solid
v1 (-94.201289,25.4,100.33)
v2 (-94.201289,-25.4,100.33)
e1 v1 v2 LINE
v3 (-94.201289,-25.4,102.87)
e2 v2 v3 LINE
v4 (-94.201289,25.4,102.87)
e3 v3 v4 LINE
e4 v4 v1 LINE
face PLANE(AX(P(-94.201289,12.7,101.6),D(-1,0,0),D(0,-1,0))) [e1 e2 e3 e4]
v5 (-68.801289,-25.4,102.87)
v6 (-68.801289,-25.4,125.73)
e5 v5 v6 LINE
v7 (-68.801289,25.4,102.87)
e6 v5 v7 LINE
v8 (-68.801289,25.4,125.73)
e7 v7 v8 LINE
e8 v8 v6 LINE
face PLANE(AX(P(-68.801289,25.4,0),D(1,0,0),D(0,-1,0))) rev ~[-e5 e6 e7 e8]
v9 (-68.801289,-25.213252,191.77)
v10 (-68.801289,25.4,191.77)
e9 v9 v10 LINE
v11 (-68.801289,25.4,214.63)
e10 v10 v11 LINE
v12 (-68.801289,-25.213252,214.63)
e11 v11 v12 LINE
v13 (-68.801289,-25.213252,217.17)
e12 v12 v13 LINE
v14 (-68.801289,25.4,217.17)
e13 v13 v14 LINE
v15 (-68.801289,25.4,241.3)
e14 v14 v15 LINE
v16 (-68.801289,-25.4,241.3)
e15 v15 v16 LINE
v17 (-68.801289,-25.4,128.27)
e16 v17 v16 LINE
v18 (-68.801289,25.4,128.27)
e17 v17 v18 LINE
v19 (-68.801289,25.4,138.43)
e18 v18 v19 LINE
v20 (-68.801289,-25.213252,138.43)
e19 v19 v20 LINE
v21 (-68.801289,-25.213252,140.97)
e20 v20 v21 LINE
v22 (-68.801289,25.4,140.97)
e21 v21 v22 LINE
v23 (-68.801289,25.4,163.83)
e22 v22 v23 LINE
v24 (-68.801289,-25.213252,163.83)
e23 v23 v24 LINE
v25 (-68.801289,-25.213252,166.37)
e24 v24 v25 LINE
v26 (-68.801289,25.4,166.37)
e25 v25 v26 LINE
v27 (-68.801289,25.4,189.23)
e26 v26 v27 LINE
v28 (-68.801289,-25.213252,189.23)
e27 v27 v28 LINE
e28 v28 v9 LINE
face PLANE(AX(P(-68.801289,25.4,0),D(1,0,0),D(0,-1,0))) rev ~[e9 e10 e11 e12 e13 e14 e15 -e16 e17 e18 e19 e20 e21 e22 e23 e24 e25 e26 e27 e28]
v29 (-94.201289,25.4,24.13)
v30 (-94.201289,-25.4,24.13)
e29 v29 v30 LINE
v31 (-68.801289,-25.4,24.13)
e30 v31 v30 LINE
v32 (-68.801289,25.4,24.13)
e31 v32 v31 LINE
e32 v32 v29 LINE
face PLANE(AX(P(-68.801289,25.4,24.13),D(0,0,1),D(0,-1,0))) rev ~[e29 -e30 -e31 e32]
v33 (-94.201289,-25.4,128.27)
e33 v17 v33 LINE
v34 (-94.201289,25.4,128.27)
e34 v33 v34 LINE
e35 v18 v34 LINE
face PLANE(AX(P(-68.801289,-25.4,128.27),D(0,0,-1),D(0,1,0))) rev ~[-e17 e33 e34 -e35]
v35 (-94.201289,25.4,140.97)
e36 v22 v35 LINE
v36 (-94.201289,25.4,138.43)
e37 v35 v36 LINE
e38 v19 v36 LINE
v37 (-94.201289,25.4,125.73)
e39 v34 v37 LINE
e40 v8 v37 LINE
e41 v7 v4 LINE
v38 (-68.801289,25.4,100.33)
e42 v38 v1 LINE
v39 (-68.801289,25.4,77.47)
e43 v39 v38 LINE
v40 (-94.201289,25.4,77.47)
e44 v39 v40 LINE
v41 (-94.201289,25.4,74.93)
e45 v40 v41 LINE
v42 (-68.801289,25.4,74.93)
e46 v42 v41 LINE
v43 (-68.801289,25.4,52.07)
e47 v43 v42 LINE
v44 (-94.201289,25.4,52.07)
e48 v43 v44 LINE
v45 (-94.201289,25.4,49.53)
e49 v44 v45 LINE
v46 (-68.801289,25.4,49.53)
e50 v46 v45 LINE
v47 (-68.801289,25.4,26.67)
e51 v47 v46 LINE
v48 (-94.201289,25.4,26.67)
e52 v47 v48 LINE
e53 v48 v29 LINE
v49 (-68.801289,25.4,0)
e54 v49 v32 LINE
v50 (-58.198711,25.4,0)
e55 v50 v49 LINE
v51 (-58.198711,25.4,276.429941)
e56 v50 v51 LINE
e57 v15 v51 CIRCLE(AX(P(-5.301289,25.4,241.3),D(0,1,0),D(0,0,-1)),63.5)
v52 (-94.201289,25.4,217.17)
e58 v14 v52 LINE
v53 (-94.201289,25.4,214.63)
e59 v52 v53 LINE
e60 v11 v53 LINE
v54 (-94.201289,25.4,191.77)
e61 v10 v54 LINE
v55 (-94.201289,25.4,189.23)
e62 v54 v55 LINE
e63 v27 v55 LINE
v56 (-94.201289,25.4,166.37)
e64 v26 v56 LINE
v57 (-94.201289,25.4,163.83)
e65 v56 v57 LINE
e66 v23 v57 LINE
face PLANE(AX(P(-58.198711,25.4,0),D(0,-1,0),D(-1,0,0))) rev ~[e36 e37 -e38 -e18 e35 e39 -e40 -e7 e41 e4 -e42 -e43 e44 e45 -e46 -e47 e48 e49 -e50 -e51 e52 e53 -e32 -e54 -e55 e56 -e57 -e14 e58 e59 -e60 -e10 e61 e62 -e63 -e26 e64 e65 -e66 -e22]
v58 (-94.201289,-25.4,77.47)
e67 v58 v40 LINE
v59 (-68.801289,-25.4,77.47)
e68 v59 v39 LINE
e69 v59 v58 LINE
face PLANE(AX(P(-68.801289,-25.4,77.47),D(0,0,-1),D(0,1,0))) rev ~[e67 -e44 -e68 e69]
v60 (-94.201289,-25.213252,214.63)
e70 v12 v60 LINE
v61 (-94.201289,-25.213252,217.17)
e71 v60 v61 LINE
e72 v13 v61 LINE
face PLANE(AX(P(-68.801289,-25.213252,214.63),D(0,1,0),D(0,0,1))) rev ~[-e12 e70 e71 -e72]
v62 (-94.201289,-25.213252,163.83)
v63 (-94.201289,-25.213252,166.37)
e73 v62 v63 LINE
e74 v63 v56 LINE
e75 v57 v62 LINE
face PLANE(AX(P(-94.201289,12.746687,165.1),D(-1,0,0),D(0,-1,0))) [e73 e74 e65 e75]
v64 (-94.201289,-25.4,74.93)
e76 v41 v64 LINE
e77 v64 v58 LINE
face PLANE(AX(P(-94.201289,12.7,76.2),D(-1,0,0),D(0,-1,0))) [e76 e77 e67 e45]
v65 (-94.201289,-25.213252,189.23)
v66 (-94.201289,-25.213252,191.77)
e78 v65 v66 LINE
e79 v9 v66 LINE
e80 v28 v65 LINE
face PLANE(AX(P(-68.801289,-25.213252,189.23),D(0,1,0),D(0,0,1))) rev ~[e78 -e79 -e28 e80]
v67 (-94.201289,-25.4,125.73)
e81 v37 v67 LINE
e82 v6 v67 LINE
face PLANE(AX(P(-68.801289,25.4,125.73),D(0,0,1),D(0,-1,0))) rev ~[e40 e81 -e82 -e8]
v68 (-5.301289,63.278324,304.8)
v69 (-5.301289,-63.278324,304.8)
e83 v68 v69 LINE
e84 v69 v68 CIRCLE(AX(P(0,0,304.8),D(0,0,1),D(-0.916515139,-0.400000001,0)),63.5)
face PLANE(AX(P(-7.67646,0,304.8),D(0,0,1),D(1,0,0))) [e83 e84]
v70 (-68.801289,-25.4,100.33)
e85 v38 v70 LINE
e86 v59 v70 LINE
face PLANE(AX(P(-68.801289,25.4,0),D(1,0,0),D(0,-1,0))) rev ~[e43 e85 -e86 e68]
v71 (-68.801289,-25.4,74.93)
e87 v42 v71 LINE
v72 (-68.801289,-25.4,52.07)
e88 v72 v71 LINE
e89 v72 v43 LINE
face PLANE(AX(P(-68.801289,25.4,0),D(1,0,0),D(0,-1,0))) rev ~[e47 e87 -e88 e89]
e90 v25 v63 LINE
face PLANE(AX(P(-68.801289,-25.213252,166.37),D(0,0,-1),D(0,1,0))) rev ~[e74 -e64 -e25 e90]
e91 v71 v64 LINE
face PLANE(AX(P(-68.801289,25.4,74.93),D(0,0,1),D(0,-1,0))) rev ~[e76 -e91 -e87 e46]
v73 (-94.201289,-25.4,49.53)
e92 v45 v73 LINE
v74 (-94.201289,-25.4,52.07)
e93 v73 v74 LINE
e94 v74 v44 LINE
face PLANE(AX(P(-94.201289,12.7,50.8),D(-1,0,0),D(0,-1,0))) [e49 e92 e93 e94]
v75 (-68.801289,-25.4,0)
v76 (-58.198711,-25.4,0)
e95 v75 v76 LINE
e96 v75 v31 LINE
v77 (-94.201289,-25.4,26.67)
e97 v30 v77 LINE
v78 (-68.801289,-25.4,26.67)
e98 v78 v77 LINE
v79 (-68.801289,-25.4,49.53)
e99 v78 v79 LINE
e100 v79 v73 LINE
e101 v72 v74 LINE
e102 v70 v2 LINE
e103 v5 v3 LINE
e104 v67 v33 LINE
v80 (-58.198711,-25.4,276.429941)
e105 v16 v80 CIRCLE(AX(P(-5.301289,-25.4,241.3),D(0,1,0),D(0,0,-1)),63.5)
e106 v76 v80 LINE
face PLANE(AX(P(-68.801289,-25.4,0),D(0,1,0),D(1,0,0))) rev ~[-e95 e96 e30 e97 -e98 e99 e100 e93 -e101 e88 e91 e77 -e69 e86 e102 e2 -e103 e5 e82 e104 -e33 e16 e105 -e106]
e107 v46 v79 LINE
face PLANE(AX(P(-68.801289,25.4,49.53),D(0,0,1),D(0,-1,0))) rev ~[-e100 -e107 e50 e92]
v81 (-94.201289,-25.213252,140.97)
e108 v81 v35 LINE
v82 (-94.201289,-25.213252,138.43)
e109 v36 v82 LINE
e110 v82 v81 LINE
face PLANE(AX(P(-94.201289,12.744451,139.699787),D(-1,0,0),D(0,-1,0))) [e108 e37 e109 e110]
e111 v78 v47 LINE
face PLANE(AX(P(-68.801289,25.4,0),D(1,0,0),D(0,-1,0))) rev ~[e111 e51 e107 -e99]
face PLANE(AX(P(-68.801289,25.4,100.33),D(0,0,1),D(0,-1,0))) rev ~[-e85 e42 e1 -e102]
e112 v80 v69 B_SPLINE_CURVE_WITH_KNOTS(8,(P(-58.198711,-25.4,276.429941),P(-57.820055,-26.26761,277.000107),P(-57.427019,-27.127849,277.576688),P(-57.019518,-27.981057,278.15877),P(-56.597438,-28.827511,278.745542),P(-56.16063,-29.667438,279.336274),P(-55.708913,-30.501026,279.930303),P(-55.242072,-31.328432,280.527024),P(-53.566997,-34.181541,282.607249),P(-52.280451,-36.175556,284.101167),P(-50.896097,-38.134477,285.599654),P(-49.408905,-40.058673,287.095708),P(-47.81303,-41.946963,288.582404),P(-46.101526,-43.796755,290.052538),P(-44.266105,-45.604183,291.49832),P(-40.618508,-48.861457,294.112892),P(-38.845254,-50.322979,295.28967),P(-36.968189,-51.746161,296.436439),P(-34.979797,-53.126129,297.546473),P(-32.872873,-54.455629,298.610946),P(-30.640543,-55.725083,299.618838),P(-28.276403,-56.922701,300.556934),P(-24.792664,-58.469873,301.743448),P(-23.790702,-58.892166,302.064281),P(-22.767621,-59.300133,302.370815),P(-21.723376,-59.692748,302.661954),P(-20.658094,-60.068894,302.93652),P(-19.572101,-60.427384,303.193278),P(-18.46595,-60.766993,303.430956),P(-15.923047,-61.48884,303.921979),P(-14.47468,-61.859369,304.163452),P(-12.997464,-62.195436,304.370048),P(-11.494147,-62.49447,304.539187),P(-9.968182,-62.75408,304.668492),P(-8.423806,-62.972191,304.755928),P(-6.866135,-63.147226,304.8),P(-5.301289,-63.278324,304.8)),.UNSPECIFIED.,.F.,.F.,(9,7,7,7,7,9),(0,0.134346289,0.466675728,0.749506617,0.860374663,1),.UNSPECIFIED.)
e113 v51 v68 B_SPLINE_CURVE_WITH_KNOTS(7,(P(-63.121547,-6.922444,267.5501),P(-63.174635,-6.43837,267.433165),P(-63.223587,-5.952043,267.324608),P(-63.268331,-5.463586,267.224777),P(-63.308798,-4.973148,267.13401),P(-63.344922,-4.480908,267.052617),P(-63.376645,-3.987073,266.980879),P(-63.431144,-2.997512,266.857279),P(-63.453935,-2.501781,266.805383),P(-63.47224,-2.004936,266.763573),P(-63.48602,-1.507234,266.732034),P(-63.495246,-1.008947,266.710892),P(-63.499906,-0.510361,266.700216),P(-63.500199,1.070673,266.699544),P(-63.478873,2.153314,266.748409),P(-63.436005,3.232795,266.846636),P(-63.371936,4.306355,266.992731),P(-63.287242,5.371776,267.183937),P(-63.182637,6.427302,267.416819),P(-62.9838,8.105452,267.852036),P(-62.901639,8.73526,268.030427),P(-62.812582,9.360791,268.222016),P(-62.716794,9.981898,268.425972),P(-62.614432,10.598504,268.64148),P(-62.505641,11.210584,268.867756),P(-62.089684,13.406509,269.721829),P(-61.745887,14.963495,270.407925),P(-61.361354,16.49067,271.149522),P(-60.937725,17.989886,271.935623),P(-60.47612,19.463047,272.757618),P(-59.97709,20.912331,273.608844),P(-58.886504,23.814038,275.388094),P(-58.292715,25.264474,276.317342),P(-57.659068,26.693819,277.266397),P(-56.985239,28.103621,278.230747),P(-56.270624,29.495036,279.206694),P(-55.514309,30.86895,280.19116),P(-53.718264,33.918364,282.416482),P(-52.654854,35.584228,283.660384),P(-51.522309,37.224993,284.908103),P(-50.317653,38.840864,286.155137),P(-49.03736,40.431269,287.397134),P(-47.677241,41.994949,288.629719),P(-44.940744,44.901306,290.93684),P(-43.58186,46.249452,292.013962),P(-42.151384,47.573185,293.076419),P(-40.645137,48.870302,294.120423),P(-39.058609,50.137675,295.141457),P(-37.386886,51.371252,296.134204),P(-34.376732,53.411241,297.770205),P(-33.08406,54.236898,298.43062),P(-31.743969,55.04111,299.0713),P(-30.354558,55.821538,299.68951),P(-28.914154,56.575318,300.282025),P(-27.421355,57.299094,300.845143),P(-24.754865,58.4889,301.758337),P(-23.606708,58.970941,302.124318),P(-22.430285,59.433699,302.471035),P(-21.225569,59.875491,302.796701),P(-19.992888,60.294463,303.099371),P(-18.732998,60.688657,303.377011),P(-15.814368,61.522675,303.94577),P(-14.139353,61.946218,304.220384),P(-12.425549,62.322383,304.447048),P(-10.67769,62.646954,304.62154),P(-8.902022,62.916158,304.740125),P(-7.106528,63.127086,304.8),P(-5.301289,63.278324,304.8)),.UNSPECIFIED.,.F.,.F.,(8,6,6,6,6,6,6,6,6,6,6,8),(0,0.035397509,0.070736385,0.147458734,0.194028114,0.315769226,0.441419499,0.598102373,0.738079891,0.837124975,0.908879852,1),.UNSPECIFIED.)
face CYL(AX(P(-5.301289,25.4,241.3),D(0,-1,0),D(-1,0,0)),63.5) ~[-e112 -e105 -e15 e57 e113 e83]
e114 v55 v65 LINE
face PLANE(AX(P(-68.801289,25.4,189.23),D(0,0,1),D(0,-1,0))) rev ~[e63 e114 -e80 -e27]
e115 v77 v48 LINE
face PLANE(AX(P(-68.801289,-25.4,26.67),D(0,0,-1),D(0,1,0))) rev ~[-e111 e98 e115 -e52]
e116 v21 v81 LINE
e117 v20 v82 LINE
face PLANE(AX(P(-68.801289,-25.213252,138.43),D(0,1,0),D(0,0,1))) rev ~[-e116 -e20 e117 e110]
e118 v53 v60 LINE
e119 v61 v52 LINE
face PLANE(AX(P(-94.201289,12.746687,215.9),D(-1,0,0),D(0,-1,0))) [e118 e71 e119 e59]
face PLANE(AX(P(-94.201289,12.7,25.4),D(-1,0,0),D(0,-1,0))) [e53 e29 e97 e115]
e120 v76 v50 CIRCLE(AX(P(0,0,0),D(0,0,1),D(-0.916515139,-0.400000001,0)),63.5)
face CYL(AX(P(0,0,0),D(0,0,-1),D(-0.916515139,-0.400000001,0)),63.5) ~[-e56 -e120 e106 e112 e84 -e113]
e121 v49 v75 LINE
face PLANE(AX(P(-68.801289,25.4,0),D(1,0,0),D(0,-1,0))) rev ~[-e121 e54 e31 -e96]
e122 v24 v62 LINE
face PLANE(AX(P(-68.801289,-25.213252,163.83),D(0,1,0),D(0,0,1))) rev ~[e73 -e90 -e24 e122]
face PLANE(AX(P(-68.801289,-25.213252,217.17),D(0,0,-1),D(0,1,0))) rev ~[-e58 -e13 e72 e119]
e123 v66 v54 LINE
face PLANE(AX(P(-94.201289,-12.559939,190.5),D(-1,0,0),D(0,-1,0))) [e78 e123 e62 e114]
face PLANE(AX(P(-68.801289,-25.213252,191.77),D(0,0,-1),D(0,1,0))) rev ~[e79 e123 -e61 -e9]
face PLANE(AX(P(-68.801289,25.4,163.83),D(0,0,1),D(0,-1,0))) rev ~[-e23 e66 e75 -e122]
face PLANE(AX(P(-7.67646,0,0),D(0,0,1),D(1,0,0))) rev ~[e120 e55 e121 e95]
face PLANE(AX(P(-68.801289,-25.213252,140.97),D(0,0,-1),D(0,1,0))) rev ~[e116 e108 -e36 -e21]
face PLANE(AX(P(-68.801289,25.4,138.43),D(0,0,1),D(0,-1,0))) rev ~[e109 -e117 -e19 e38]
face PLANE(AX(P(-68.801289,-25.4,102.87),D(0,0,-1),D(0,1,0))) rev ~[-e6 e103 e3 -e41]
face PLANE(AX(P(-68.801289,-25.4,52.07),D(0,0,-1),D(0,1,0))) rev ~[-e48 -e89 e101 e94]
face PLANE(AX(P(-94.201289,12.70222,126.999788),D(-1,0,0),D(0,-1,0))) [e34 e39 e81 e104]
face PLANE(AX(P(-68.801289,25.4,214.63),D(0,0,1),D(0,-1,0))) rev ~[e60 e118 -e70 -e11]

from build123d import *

# Parameters (mm, degrees)
F1_DEPTH = 304.8
F2_R     = 63.5
F4_DEPTH = 25.4


with BuildPart() as f1:
    # F0 (on Top) → F1 (new body)
    with BuildSketch(Plane.XY):
        with BuildLine():
            Line((-68.801289, -25.4), (-58.198711, -25.4))
            ThreePointArc((-58.198711, -25.4), (63.5, 0), (-58.198711, 25.4))
            Line((-58.198711, 25.4), (-68.801289, 25.4))
            Line((-68.801289, 25.4), (-68.801289, -25.4))
        make_face()
    extrude(amount=F1_DEPTH)

    # F2
    f2_edges = [f1.edges().sort_by_distance(p)[0] for p in [
        (-68.801289, 0, 304.8),
    ]]
    fillet(f2_edges, radius=F2_R)

    # F3 (on face) → F4 (join)
    with BuildSketch(Plane(origin=(-68.801289, 0, 0), x_dir=(0, -1, 0), z_dir=(-1, 0, 0))):
        Polygon((-0.093374, 215.9), (-0.093374, 217.17), (-25.4, 217.17), (-25.4, 214.63), (-0.093374, 214.63), align=None)
        Polygon((25.213252, 217.17), (-0.093374, 217.17), (-0.093374, 215.9), (-0.093374, 214.63), (25.213252, 214.63), align=None)
        Polygon((-0.093374, 190.5), (-0.093374, 189.23), (25.213252, 189.23), (25.213252, 191.77), (-0.093374, 191.77), align=None)
        Polygon((-25.4, 191.77), (-25.4, 189.23), (-0.093374, 189.23), (-0.093374, 190.5), (-0.093374, 191.77), align=None)
        Polygon((-25.4, 166.37), (-25.4, 163.83), (-0.093374, 163.83), (-0.093374, 165.1), (-0.093374, 166.37), align=None)
        Polygon((-0.093374, 165.1), (-0.093374, 163.83), (25.213252, 163.83), (25.213252, 166.37), (-0.093374, 166.37), align=None)
        Polygon((-25.4, 128.27), (-25.4, 125.73), (0, 125.73), (0, 127), (-0.009337, 128.27), align=None)
        Polygon((-25.4, 140.97), (-25.4, 138.43), (-0.084037, 138.43), (-0.093374, 139.7), (-0.093374, 140.97), align=None)
        Polygon((-0.093374, 139.7), (-0.084037, 138.43), (25.213252, 138.43), (25.213252, 140.97), (-0.093374, 140.97), align=None)
        Polygon((0, 127), (0, 125.73), (25.4, 125.73), (25.4, 128.27), (-0.009337, 128.27), align=None)
        Polygon((-25.4, 102.87), (-25.4, 100.33), (0, 100.33), (0, 101.6), (0, 102.87), align=None)
        Polygon((0, 101.6), (0, 100.33), (25.4, 100.33), (25.4, 102.87), (0, 102.87), align=None)
        Polygon((-25.4, 77.47), (-25.4, 74.93), (0, 74.93), (0, 76.2), (0, 77.47), align=None)
        Polygon((-25.4, 52.07), (-25.4, 49.53), (0, 49.53), (0, 50.8), (0, 52.07), align=None)
        Polygon((0, 50.8), (0, 49.53), (25.4, 49.53), (25.4, 52.07), (0, 52.07), align=None)
        Polygon((0, 76.2), (0, 74.93), (25.4, 74.93), (25.4, 77.47), (0, 77.47), align=None)
        Polygon((-25.4, 26.67), (-25.4, 24.13), (0, 24.13), (0, 25.4), (0, 26.67), align=None)
        Polygon((0, 25.4), (0, 24.13), (25.4, 24.13), (25.4, 26.67), (0, 26.67), align=None)
    extrude(amount=F4_DEPTH)


solid = f1.part
